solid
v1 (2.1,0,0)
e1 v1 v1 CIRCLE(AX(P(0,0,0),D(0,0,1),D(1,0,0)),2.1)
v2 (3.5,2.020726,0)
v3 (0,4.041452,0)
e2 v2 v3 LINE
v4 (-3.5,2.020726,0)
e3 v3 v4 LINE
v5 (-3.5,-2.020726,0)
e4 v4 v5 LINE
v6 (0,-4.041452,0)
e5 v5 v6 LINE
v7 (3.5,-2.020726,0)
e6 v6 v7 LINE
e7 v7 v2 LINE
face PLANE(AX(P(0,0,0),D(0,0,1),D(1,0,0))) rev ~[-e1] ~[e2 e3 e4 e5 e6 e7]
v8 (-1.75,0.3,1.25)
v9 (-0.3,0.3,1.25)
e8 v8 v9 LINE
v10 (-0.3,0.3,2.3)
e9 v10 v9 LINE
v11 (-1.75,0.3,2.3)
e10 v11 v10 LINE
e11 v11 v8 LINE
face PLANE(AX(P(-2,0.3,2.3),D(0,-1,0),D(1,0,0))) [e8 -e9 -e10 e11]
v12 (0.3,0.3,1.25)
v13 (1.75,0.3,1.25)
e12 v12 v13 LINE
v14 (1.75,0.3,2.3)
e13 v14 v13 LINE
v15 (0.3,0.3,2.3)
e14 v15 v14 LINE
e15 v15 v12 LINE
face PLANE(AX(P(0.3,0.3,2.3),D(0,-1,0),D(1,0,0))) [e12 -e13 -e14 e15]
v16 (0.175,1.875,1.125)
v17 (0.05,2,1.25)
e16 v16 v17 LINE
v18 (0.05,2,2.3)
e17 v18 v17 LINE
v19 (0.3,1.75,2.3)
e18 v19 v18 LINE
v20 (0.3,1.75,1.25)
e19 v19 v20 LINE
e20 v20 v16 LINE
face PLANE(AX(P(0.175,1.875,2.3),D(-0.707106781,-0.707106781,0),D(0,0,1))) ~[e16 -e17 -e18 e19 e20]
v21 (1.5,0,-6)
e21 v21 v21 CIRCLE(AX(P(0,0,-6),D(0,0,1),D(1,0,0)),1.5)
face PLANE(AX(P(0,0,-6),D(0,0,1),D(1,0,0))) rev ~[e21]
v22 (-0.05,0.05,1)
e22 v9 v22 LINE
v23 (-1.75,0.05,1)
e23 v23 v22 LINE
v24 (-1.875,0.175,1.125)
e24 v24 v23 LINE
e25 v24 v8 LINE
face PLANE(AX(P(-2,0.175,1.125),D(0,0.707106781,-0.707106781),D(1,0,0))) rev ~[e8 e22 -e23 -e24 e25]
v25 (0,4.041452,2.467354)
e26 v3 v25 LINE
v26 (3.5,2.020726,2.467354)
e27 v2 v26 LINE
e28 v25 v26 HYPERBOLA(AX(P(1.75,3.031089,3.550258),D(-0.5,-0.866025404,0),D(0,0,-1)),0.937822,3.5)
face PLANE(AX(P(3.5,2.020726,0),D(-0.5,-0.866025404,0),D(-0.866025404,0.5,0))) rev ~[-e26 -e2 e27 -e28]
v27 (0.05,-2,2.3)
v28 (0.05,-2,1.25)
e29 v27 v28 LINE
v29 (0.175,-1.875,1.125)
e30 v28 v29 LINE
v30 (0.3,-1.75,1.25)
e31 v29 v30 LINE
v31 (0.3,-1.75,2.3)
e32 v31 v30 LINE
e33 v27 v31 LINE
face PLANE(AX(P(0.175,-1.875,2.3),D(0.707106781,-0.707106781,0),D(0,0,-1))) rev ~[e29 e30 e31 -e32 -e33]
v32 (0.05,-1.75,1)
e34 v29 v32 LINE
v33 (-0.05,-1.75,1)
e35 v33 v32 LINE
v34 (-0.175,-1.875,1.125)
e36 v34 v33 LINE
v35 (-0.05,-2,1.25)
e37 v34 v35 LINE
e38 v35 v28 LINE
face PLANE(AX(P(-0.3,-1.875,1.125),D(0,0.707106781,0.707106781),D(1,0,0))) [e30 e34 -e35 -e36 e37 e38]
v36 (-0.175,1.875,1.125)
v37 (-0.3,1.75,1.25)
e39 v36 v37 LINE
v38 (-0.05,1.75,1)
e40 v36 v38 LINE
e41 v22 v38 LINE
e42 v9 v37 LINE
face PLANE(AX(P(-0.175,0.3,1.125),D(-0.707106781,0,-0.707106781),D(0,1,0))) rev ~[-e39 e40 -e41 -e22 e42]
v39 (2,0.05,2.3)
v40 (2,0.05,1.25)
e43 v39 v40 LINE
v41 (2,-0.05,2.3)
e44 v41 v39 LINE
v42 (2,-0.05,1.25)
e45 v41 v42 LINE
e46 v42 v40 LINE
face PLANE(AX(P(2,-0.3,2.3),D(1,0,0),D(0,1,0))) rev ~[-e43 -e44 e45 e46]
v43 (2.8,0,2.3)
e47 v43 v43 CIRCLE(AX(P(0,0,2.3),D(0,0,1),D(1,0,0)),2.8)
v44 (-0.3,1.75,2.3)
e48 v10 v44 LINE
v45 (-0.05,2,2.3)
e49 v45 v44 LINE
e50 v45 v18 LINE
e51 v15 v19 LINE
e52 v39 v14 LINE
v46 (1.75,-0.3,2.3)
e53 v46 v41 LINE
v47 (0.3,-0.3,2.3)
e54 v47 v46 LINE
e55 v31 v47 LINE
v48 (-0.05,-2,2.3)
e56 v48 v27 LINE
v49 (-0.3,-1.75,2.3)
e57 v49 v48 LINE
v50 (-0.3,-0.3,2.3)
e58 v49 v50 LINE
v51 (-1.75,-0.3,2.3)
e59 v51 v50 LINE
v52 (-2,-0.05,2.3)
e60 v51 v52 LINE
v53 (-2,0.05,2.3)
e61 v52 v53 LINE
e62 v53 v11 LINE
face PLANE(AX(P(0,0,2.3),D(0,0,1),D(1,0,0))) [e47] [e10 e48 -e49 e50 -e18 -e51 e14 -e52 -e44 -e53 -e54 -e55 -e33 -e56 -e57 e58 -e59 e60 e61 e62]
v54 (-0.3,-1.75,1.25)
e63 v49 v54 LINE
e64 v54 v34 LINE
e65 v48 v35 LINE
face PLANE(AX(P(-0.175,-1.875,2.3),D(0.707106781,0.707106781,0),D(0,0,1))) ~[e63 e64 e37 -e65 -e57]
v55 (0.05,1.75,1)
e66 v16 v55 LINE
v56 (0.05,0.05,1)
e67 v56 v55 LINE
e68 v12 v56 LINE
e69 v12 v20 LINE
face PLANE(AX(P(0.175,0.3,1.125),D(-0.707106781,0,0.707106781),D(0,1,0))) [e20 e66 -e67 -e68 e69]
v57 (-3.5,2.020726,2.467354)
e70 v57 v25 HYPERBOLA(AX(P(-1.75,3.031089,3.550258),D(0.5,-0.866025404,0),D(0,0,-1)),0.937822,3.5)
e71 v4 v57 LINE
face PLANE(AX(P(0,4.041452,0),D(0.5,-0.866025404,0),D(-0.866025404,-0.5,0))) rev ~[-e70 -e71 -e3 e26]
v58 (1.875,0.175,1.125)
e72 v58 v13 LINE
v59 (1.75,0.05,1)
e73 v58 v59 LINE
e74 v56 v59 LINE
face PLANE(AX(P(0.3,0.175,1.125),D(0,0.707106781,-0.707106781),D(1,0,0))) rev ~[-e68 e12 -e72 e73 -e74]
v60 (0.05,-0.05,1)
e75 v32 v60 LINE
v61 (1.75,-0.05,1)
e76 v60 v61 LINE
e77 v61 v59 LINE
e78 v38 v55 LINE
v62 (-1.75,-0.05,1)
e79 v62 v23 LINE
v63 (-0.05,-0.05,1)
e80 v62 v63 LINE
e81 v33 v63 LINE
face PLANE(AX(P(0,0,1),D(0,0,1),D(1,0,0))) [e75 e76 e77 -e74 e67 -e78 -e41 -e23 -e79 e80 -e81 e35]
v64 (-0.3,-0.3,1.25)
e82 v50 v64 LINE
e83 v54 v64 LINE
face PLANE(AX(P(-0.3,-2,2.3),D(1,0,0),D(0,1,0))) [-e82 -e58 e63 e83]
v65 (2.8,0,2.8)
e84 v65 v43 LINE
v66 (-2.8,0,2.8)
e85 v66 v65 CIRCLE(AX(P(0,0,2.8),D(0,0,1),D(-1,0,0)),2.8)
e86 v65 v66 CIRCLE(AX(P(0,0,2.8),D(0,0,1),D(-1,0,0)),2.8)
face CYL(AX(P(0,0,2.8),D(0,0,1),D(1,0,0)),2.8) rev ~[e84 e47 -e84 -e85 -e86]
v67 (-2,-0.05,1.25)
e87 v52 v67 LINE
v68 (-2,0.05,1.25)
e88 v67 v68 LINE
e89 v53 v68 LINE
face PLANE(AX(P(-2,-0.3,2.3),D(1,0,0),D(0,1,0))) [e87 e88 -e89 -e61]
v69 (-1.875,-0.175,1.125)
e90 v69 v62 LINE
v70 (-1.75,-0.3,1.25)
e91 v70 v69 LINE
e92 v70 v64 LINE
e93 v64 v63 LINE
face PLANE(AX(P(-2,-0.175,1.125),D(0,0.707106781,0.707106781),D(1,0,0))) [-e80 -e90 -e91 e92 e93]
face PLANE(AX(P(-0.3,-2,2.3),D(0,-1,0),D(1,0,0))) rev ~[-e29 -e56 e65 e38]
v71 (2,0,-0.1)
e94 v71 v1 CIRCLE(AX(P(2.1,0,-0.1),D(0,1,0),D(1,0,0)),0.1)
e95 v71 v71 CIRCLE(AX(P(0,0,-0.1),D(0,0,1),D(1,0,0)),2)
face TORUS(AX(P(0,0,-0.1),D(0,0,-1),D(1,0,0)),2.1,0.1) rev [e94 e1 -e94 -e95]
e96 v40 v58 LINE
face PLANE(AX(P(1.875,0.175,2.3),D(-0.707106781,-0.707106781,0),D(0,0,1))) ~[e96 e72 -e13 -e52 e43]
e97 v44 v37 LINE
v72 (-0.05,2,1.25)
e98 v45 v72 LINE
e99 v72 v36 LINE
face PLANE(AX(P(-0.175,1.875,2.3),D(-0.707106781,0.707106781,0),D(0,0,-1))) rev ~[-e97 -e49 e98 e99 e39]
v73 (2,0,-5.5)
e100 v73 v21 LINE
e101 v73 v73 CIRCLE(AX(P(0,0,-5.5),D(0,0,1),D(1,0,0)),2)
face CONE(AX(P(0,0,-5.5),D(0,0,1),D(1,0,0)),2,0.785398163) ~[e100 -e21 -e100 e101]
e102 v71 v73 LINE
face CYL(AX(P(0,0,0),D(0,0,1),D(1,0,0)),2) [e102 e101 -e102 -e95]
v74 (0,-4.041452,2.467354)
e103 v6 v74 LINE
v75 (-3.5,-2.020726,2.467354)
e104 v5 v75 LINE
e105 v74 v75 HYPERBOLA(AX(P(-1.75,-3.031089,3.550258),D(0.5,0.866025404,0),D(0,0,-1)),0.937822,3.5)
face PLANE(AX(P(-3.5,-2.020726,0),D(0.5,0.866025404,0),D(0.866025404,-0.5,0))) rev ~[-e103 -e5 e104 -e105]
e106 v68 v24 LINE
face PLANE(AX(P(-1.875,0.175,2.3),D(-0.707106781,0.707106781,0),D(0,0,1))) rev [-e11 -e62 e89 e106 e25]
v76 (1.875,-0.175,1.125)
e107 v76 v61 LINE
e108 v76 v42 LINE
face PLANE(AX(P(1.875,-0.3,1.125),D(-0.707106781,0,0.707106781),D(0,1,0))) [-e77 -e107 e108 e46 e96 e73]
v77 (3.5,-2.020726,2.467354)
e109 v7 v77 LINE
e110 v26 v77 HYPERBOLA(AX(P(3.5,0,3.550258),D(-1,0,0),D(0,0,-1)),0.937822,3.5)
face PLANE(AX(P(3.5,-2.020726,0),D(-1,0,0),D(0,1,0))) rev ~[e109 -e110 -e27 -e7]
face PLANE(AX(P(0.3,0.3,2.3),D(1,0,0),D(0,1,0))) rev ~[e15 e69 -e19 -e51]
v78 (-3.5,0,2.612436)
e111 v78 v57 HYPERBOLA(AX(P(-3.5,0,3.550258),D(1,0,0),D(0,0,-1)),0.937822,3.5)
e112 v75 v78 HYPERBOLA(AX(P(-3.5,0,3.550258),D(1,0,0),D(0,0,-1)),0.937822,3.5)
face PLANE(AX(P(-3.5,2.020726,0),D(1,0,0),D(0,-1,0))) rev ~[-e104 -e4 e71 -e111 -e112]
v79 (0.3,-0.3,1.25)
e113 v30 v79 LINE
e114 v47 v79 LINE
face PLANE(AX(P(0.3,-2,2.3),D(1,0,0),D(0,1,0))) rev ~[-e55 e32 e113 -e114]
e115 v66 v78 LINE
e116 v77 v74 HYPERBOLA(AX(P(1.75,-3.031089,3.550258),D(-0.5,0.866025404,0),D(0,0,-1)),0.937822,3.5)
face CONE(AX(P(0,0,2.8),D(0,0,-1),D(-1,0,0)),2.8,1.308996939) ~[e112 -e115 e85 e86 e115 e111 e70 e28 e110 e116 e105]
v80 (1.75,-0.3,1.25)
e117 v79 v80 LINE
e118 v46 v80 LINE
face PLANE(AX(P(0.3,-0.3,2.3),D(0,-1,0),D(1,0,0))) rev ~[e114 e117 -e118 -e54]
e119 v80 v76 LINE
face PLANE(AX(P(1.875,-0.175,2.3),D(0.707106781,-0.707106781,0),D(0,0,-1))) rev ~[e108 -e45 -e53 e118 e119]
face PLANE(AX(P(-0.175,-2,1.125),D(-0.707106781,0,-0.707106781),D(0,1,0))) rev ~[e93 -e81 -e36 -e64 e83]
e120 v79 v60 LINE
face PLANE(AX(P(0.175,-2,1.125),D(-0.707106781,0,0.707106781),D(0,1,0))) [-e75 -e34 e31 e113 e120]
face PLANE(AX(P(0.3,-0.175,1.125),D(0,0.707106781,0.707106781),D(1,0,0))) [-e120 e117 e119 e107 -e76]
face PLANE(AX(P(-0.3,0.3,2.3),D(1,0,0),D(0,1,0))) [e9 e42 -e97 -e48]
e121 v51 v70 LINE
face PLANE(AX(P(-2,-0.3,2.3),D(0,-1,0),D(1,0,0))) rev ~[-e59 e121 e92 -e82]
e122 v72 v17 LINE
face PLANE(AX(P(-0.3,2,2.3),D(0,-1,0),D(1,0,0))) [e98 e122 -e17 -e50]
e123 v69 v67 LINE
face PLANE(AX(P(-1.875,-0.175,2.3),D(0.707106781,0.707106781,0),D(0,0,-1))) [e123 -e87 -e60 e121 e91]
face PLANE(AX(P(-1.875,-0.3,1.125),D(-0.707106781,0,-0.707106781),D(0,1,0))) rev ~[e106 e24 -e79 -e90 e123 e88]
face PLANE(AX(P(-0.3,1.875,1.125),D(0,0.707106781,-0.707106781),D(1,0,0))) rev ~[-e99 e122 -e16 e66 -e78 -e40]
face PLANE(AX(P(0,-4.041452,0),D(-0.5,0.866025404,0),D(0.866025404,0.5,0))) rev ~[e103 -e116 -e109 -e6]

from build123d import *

# Parameters (mm, degrees)
EXTRUDE_1_DEPTH     = 2.8
SKETCH_3_R          = 2
EXTRUDE_3_DEPTH     = 6
SKETCH_7_R          = 2.8
CUT_EXTRUDE_3_DEPTH = 0.5
SKETCH_6_W          = 4
SKETCH_6_H          = 0.6
SKETCH_6_W_2        = 0.6
SKETCH_6_H_2        = 4
CUT_EXTRUDE_1_DEPTH = 1.3
CHAMFER_1_SIZE      = 0.5
FILLET_1_R          = 0.1
CHAMFER_2_SIZE      = 0.25
CHAMFER_3_SIZE      = 0.25


with BuildPart() as part:
    # 草图1 → 凸台-拉伸1 (new body)
    with BuildSketch(Plane.XY):
        Polygon((0, 4.041451884), (-3.5, 2.020725942), (-3.5, -2.020725942), (0, -4.041451884), (3.5, -2.020725942), (3.5, 2.020725942), align=None)
    extrude(amount=EXTRUDE_1_DEPTH)

    # 草图3 → 凸台-拉伸3 (add)
    with BuildSketch(Plane.XY):
        Circle(SKETCH_3_R)
    extrude(amount=-EXTRUDE_3_DEPTH)

    # 草图4 → 切除-旋转1 (revolve, cut)
    with BuildSketch(Plane(origin=(0, 0, 0), x_dir=(0, 0, -1), z_dir=(1, 0, 0)), mode=Mode.PRIVATE) as cut_revolve_1_sk:
        Polygon((-2.8, 14), (-2.8, 2.8), (0.201030955, 14), align=None)
    revolve(cut_revolve_1_sk.sketch.rotate(Axis((0, 0, -2.242017917), (0, 0, 1)), 90), axis=Axis((0, 0, -2.242017917), (0, 0, 1)), mode=Mode.SUBTRACT)

    # 草图7 → 切除-拉伸3 (cut)
    with BuildSketch(Plane.XY.offset(2.8)):
        Circle(SKETCH_7_R)
    extrude(amount=-CUT_EXTRUDE_3_DEPTH, mode=Mode.SUBTRACT)

    # 草图6 → 切除-拉伸1 (cut)
    with BuildSketch(Plane.XY.offset(2.3)):
        Rectangle(SKETCH_6_W, SKETCH_6_H)
        Rectangle(SKETCH_6_W_2, SKETCH_6_H_2)
    extrude(amount=-CUT_EXTRUDE_1_DEPTH, mode=Mode.SUBTRACT)

    # 倒角1
    chamfer_1_edges = [part.edges().sort_by_distance(p)[0] for p in [
        (-2, 0, -6),
    ]]
    chamfer(chamfer_1_edges, length=CHAMFER_1_SIZE)

    # 圆角1
    fillet_1_edges = [part.edges().sort_by_distance(p)[0] for p in [
        (-2, 0, 0),
    ]]
    fillet(fillet_1_edges, radius=FILLET_1_R)

    # 倒角2
    chamfer_2_edges = [part.edges().sort_by_distance(p)[0] for p in [
        (0.3, 1.15, 1),
        (1.15, 0.3, 1),
        (-0.3, -1.15, 1),
        (-2, 0, 1),
        (-1.15, 0.3, 1),
        (-0.3, 1.15, 1),
        (0, 2, 1),
        (0, -2, 1),
        (0.3, -1.15, 1),
        (-1.15, -0.3, 1),
        (2, 0, 1),
        (1.15, -0.3, 1),
    ]]
    chamfer(chamfer_2_edges, length=CHAMFER_2_SIZE)

    # 倒角3
    chamfer_3_edges = [part.edges().sort_by_distance(p)[0] for p in [
        (2, 0.3, 1.775),
        (2, -0.3, 1.775),
        (0.3, -2, 1.775),
        (-0.3, -2, 1.775),
        (-2, -0.3, 1.775),
        (-2, 0.3, 1.775),
        (-0.3, 2, 1.775),
        (0.3, 2, 1.775),
    ]]
    chamfer(chamfer_3_edges, length=CHAMFER_3_SIZE)


solid = part.part
